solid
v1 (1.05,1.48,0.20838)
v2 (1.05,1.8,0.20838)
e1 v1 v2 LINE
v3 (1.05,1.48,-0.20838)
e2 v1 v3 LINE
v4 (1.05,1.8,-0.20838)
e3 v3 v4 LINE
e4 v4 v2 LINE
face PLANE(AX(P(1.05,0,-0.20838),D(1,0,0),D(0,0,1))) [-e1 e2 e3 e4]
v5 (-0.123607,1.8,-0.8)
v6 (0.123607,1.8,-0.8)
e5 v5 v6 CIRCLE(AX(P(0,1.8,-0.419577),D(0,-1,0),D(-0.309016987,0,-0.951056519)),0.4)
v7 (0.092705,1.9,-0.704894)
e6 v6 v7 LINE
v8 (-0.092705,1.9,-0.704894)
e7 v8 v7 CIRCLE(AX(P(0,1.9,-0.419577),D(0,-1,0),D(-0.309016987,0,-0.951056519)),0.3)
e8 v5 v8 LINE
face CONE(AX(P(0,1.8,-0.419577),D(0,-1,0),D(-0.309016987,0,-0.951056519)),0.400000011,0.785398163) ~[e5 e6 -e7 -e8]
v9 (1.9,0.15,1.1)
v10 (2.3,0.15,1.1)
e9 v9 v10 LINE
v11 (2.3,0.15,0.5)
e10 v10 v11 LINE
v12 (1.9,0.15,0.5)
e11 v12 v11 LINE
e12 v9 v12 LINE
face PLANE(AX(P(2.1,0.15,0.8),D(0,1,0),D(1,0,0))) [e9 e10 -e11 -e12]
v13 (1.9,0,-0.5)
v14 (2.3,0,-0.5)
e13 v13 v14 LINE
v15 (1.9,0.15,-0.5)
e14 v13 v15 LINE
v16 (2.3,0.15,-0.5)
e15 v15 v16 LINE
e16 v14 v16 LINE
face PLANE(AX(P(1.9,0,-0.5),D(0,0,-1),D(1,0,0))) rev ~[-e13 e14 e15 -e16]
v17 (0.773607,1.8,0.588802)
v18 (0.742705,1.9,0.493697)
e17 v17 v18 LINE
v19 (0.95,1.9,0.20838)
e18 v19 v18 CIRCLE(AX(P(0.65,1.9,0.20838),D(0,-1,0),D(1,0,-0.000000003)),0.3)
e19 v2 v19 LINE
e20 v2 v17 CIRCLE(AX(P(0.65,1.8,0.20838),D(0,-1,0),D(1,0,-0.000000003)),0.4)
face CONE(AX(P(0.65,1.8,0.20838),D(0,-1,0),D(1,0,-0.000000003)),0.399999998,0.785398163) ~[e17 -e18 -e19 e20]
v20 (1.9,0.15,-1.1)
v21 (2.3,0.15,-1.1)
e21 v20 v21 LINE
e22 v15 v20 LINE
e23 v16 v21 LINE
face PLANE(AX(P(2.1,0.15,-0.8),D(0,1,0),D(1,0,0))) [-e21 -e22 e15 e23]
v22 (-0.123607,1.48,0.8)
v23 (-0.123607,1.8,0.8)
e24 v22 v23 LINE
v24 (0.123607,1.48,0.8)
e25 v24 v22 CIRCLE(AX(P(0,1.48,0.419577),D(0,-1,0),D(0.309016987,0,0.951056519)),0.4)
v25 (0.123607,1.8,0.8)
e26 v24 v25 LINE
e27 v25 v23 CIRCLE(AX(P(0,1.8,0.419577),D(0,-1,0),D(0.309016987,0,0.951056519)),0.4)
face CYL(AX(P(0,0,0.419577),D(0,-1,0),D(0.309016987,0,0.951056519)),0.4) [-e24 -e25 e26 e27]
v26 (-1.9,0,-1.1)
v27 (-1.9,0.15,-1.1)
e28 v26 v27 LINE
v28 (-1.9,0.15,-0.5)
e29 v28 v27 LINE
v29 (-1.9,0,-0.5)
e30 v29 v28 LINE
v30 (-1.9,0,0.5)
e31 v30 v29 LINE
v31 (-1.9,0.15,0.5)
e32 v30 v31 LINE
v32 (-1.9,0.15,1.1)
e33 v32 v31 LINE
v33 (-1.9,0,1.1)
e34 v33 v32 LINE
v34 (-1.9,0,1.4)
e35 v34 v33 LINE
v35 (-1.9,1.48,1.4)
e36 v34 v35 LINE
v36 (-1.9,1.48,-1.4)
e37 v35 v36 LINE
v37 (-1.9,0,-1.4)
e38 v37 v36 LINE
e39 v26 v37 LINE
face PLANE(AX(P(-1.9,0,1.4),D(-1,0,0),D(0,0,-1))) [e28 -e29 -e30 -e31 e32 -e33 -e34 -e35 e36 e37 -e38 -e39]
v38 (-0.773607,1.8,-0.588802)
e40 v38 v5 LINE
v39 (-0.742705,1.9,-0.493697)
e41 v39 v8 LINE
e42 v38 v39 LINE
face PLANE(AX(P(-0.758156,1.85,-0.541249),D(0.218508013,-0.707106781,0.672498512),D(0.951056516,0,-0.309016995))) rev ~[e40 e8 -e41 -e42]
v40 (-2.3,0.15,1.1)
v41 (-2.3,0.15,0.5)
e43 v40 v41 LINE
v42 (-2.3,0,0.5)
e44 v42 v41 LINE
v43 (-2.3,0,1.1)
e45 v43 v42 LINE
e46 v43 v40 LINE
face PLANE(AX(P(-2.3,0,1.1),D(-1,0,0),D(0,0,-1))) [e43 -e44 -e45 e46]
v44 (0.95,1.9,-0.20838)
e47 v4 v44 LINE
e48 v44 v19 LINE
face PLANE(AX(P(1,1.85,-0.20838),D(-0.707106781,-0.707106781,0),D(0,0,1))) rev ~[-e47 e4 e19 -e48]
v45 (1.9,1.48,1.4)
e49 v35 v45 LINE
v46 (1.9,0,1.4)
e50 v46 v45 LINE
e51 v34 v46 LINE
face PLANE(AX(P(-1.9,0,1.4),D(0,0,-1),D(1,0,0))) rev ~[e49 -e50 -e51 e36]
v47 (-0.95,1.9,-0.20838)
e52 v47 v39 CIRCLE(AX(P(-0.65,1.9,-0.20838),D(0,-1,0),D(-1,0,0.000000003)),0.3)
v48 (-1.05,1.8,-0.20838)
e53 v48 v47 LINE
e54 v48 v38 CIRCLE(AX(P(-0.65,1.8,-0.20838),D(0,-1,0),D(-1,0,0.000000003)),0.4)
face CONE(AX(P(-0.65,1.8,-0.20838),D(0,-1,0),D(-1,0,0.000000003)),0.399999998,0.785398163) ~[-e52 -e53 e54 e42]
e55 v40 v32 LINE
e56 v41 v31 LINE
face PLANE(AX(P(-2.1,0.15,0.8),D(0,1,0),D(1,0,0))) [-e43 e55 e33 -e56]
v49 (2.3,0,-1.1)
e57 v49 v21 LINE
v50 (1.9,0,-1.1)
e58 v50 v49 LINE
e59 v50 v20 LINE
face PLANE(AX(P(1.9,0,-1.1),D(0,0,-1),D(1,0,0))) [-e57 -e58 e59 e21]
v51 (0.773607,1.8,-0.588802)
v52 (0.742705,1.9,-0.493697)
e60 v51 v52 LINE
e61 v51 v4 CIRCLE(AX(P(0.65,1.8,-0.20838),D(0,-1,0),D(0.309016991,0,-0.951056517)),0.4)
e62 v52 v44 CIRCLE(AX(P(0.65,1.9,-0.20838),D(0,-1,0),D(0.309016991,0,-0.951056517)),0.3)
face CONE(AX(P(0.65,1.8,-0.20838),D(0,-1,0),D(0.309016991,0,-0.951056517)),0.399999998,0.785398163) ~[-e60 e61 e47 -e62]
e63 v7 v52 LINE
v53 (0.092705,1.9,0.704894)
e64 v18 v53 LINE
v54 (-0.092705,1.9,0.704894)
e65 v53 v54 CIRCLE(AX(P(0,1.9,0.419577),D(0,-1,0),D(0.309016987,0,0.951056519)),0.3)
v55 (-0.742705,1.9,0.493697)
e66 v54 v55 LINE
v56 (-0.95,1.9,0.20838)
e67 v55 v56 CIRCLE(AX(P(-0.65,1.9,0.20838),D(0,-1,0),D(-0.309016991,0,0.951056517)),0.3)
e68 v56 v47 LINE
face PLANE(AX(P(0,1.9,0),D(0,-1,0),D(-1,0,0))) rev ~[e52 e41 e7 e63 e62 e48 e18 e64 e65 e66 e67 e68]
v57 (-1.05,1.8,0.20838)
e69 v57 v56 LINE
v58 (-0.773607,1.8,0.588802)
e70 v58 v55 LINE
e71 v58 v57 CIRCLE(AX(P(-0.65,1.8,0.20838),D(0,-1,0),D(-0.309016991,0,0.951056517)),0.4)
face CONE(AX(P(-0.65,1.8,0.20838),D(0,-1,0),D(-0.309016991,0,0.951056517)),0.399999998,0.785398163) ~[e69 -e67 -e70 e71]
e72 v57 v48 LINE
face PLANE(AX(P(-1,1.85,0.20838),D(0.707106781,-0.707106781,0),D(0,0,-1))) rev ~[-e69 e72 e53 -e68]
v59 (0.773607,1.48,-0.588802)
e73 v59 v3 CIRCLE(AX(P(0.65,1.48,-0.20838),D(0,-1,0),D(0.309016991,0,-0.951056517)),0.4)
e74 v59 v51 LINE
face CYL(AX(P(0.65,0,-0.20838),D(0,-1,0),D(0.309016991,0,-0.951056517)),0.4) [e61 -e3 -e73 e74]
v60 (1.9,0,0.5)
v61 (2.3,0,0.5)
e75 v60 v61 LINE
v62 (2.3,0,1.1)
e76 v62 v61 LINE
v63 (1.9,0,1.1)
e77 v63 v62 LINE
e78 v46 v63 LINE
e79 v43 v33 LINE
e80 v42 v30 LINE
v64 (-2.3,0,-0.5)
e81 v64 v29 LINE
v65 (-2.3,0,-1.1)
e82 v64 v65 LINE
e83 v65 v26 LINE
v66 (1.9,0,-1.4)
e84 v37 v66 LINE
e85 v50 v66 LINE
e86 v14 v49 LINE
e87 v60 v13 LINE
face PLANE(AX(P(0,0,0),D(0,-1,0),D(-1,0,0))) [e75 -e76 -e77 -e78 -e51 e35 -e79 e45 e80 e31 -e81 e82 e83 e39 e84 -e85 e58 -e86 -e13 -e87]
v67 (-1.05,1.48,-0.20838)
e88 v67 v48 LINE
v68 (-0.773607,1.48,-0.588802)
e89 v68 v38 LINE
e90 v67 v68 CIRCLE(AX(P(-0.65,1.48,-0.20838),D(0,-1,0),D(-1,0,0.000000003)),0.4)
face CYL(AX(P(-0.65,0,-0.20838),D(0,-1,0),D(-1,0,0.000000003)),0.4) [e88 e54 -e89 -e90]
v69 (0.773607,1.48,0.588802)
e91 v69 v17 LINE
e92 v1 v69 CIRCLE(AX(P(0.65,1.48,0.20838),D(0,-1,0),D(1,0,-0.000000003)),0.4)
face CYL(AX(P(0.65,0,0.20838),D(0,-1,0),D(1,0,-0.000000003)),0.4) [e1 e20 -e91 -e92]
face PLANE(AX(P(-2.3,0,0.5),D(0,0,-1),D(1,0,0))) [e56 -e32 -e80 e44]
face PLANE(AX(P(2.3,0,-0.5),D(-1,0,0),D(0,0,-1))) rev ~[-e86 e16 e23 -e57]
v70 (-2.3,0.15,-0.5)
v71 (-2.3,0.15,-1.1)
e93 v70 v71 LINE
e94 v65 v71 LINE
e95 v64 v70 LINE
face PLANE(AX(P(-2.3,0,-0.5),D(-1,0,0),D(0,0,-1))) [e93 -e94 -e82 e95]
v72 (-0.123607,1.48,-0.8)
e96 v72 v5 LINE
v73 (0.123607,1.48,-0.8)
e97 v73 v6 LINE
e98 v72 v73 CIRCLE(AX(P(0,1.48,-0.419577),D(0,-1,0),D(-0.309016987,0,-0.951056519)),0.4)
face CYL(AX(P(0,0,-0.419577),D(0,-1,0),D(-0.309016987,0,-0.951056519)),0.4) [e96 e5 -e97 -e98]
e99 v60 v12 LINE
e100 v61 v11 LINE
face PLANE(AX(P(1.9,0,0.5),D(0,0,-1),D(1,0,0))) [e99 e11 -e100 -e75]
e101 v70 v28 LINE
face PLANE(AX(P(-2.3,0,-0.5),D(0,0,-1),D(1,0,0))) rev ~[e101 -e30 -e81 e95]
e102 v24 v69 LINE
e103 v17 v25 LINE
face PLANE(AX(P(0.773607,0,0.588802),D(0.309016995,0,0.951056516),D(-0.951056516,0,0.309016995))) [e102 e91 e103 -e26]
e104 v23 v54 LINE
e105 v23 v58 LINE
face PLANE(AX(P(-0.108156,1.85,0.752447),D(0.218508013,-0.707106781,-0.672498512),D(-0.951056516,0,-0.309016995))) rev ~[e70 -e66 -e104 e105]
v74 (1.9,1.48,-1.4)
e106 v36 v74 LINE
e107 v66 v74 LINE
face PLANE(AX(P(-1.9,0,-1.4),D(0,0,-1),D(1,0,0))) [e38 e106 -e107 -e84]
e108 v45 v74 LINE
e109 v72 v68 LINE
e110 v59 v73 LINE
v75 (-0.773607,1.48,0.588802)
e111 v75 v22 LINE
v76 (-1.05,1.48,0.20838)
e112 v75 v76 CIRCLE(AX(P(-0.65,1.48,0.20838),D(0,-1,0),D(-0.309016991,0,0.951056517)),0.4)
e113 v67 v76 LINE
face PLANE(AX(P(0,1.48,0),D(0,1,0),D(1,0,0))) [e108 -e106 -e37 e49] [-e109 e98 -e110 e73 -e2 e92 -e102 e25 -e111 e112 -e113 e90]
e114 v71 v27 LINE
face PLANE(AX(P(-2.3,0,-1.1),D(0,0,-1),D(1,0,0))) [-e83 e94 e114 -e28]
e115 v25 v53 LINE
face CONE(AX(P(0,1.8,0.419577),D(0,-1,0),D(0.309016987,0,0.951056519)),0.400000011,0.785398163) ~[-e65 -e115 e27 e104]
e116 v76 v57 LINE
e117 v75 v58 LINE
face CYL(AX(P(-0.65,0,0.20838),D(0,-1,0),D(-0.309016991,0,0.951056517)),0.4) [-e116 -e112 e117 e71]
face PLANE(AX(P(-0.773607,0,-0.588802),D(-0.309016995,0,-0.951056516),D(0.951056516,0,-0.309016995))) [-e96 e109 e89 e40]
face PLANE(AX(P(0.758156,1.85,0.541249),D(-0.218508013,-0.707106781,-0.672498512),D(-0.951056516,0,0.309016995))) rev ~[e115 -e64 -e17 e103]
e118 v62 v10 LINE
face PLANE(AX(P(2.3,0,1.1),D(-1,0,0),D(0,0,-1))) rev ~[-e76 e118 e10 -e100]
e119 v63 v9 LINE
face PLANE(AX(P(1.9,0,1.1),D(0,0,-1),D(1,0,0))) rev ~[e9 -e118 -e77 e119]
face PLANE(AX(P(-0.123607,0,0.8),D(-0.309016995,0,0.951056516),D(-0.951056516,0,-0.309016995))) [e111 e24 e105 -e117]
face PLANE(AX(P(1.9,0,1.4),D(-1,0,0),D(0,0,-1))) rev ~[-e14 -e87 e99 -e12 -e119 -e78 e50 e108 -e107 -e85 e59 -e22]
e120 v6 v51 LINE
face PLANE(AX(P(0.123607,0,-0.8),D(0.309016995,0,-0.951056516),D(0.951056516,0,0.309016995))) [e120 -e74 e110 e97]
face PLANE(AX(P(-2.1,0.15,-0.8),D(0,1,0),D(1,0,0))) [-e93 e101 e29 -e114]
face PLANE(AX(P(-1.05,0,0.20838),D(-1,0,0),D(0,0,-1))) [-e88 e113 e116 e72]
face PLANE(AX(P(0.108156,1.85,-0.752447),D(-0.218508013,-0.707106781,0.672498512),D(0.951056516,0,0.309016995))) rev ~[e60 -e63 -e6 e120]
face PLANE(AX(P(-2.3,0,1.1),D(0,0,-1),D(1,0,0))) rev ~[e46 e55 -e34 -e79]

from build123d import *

# Parameters (mm, degrees)
ESQUISSE2_W        = 3.8
ESQUISSE2_H        = 2.8
BOSS_EXTRU_1_DEPTH = 1.48
BOSS_EXTRU_2_DEPTH = 1.9
CHANFREIN1_SIZE    = 0.1
ESQUISSE4_W        = 0.4
ESQUISSE4_H        = 0.6
BOSS_EXTRU_3_DEPTH = 0.15


with BuildPart() as part:
    # Esquisse2 → Boss.-Extru.1 (new body)
    with BuildSketch(Plane(origin=(0, 0, 0), x_dir=(1, 0, 0), z_dir=(0, 1, 0))):
        Rectangle(ESQUISSE2_W, ESQUISSE2_H)
    extrude(amount=BOSS_EXTRU_1_DEPTH)

    # Esquisse3 → Boss.-Extru.2 (add)
    with BuildSketch(Plane(origin=(0, 0, 0), x_dir=(1, 0, 0), z_dir=(0, 1, 0))):
        with BuildLine():
            Line((0.123606798, 0.8), (0.773606798, 0.588802197))
            ThreePointArc((0.773606798, 0.588802197), (0.973606798, 0.443493692), (1.05, 0.208379591))
            Line((1.05, 0.208379591), (1.05, -0.208379591))
            ThreePointArc((1.05, -0.208379591), (0.973606798, -0.443493692), (0.773606798, -0.588802197))
            Line((0.773606798, -0.588802197), (0.123606798, -0.8))
            ThreePointArc((0.123606798, -0.8), (0, -0.819577393), (-0.123606798, -0.8))
            Line((-0.123606798, -0.8), (-0.773606798, -0.588802197))
            ThreePointArc((-0.773606798, -0.588802197), (-0.973606798, -0.443493692), (-1.05, -0.208379591))
            Line((-1.05, -0.208379591), (-1.05, 0.208379591))
            ThreePointArc((-1.05, 0.208379591), (-0.973606798, 0.443493692), (-0.773606798, 0.588802197))
            Line((-0.773606798, 0.588802197), (-0.123606798, 0.8))
            ThreePointArc((-0.123606798, 0.8), (0, 0.819577393), (0.123606798, 0.8))
        make_face()
    extrude(amount=BOSS_EXTRU_2_DEPTH)

    # Chanfrein1
    chanfrein1_edges = [part.edges().sort_by_distance(p)[0] for p in [
        (0, 1.9, -0.819577393),
        (-0.448606798, 1.9, -0.694401099),
        (-0.973606798, 1.9, -0.443493692),
        (-1.05, 1.9, 0),
        (-0.973606798, 1.9, 0.443493692),
        (-0.448606798, 1.9, 0.694401099),
        (0, 1.9, 0.819577393),
        (0.448606798, 1.9, 0.694401099),
        (0.973606798, 1.9, 0.443493692),
        (1.05, 1.9, 0),
        (0.973606798, 1.9, -0.443493692),
        (0.448606798, 1.9, -0.694401099),
    ]]
    chamfer(chanfrein1_edges, length=CHANFREIN1_SIZE)

    # Esquisse4 → Boss.-Extru.3 (add)
    with BuildSketch(Plane(origin=(0, 0, 0), x_dir=(1, 0, 0), z_dir=(0, 1, 0))):
        with Locations((-2.1, 0.8)):
            Rectangle(ESQUISSE4_W, ESQUISSE4_H)
        with Locations((-2.1, -0.8)):
            Rectangle(ESQUISSE4_W, ESQUISSE4_H)
        with Locations((2.1, -0.8)):
            Rectangle(ESQUISSE4_W, ESQUISSE4_H)
        with Locations((2.1, 0.8)):
            Rectangle(ESQUISSE4_W, ESQUISSE4_H)
    extrude(amount=BOSS_EXTRU_3_DEPTH)


solid = part.part
